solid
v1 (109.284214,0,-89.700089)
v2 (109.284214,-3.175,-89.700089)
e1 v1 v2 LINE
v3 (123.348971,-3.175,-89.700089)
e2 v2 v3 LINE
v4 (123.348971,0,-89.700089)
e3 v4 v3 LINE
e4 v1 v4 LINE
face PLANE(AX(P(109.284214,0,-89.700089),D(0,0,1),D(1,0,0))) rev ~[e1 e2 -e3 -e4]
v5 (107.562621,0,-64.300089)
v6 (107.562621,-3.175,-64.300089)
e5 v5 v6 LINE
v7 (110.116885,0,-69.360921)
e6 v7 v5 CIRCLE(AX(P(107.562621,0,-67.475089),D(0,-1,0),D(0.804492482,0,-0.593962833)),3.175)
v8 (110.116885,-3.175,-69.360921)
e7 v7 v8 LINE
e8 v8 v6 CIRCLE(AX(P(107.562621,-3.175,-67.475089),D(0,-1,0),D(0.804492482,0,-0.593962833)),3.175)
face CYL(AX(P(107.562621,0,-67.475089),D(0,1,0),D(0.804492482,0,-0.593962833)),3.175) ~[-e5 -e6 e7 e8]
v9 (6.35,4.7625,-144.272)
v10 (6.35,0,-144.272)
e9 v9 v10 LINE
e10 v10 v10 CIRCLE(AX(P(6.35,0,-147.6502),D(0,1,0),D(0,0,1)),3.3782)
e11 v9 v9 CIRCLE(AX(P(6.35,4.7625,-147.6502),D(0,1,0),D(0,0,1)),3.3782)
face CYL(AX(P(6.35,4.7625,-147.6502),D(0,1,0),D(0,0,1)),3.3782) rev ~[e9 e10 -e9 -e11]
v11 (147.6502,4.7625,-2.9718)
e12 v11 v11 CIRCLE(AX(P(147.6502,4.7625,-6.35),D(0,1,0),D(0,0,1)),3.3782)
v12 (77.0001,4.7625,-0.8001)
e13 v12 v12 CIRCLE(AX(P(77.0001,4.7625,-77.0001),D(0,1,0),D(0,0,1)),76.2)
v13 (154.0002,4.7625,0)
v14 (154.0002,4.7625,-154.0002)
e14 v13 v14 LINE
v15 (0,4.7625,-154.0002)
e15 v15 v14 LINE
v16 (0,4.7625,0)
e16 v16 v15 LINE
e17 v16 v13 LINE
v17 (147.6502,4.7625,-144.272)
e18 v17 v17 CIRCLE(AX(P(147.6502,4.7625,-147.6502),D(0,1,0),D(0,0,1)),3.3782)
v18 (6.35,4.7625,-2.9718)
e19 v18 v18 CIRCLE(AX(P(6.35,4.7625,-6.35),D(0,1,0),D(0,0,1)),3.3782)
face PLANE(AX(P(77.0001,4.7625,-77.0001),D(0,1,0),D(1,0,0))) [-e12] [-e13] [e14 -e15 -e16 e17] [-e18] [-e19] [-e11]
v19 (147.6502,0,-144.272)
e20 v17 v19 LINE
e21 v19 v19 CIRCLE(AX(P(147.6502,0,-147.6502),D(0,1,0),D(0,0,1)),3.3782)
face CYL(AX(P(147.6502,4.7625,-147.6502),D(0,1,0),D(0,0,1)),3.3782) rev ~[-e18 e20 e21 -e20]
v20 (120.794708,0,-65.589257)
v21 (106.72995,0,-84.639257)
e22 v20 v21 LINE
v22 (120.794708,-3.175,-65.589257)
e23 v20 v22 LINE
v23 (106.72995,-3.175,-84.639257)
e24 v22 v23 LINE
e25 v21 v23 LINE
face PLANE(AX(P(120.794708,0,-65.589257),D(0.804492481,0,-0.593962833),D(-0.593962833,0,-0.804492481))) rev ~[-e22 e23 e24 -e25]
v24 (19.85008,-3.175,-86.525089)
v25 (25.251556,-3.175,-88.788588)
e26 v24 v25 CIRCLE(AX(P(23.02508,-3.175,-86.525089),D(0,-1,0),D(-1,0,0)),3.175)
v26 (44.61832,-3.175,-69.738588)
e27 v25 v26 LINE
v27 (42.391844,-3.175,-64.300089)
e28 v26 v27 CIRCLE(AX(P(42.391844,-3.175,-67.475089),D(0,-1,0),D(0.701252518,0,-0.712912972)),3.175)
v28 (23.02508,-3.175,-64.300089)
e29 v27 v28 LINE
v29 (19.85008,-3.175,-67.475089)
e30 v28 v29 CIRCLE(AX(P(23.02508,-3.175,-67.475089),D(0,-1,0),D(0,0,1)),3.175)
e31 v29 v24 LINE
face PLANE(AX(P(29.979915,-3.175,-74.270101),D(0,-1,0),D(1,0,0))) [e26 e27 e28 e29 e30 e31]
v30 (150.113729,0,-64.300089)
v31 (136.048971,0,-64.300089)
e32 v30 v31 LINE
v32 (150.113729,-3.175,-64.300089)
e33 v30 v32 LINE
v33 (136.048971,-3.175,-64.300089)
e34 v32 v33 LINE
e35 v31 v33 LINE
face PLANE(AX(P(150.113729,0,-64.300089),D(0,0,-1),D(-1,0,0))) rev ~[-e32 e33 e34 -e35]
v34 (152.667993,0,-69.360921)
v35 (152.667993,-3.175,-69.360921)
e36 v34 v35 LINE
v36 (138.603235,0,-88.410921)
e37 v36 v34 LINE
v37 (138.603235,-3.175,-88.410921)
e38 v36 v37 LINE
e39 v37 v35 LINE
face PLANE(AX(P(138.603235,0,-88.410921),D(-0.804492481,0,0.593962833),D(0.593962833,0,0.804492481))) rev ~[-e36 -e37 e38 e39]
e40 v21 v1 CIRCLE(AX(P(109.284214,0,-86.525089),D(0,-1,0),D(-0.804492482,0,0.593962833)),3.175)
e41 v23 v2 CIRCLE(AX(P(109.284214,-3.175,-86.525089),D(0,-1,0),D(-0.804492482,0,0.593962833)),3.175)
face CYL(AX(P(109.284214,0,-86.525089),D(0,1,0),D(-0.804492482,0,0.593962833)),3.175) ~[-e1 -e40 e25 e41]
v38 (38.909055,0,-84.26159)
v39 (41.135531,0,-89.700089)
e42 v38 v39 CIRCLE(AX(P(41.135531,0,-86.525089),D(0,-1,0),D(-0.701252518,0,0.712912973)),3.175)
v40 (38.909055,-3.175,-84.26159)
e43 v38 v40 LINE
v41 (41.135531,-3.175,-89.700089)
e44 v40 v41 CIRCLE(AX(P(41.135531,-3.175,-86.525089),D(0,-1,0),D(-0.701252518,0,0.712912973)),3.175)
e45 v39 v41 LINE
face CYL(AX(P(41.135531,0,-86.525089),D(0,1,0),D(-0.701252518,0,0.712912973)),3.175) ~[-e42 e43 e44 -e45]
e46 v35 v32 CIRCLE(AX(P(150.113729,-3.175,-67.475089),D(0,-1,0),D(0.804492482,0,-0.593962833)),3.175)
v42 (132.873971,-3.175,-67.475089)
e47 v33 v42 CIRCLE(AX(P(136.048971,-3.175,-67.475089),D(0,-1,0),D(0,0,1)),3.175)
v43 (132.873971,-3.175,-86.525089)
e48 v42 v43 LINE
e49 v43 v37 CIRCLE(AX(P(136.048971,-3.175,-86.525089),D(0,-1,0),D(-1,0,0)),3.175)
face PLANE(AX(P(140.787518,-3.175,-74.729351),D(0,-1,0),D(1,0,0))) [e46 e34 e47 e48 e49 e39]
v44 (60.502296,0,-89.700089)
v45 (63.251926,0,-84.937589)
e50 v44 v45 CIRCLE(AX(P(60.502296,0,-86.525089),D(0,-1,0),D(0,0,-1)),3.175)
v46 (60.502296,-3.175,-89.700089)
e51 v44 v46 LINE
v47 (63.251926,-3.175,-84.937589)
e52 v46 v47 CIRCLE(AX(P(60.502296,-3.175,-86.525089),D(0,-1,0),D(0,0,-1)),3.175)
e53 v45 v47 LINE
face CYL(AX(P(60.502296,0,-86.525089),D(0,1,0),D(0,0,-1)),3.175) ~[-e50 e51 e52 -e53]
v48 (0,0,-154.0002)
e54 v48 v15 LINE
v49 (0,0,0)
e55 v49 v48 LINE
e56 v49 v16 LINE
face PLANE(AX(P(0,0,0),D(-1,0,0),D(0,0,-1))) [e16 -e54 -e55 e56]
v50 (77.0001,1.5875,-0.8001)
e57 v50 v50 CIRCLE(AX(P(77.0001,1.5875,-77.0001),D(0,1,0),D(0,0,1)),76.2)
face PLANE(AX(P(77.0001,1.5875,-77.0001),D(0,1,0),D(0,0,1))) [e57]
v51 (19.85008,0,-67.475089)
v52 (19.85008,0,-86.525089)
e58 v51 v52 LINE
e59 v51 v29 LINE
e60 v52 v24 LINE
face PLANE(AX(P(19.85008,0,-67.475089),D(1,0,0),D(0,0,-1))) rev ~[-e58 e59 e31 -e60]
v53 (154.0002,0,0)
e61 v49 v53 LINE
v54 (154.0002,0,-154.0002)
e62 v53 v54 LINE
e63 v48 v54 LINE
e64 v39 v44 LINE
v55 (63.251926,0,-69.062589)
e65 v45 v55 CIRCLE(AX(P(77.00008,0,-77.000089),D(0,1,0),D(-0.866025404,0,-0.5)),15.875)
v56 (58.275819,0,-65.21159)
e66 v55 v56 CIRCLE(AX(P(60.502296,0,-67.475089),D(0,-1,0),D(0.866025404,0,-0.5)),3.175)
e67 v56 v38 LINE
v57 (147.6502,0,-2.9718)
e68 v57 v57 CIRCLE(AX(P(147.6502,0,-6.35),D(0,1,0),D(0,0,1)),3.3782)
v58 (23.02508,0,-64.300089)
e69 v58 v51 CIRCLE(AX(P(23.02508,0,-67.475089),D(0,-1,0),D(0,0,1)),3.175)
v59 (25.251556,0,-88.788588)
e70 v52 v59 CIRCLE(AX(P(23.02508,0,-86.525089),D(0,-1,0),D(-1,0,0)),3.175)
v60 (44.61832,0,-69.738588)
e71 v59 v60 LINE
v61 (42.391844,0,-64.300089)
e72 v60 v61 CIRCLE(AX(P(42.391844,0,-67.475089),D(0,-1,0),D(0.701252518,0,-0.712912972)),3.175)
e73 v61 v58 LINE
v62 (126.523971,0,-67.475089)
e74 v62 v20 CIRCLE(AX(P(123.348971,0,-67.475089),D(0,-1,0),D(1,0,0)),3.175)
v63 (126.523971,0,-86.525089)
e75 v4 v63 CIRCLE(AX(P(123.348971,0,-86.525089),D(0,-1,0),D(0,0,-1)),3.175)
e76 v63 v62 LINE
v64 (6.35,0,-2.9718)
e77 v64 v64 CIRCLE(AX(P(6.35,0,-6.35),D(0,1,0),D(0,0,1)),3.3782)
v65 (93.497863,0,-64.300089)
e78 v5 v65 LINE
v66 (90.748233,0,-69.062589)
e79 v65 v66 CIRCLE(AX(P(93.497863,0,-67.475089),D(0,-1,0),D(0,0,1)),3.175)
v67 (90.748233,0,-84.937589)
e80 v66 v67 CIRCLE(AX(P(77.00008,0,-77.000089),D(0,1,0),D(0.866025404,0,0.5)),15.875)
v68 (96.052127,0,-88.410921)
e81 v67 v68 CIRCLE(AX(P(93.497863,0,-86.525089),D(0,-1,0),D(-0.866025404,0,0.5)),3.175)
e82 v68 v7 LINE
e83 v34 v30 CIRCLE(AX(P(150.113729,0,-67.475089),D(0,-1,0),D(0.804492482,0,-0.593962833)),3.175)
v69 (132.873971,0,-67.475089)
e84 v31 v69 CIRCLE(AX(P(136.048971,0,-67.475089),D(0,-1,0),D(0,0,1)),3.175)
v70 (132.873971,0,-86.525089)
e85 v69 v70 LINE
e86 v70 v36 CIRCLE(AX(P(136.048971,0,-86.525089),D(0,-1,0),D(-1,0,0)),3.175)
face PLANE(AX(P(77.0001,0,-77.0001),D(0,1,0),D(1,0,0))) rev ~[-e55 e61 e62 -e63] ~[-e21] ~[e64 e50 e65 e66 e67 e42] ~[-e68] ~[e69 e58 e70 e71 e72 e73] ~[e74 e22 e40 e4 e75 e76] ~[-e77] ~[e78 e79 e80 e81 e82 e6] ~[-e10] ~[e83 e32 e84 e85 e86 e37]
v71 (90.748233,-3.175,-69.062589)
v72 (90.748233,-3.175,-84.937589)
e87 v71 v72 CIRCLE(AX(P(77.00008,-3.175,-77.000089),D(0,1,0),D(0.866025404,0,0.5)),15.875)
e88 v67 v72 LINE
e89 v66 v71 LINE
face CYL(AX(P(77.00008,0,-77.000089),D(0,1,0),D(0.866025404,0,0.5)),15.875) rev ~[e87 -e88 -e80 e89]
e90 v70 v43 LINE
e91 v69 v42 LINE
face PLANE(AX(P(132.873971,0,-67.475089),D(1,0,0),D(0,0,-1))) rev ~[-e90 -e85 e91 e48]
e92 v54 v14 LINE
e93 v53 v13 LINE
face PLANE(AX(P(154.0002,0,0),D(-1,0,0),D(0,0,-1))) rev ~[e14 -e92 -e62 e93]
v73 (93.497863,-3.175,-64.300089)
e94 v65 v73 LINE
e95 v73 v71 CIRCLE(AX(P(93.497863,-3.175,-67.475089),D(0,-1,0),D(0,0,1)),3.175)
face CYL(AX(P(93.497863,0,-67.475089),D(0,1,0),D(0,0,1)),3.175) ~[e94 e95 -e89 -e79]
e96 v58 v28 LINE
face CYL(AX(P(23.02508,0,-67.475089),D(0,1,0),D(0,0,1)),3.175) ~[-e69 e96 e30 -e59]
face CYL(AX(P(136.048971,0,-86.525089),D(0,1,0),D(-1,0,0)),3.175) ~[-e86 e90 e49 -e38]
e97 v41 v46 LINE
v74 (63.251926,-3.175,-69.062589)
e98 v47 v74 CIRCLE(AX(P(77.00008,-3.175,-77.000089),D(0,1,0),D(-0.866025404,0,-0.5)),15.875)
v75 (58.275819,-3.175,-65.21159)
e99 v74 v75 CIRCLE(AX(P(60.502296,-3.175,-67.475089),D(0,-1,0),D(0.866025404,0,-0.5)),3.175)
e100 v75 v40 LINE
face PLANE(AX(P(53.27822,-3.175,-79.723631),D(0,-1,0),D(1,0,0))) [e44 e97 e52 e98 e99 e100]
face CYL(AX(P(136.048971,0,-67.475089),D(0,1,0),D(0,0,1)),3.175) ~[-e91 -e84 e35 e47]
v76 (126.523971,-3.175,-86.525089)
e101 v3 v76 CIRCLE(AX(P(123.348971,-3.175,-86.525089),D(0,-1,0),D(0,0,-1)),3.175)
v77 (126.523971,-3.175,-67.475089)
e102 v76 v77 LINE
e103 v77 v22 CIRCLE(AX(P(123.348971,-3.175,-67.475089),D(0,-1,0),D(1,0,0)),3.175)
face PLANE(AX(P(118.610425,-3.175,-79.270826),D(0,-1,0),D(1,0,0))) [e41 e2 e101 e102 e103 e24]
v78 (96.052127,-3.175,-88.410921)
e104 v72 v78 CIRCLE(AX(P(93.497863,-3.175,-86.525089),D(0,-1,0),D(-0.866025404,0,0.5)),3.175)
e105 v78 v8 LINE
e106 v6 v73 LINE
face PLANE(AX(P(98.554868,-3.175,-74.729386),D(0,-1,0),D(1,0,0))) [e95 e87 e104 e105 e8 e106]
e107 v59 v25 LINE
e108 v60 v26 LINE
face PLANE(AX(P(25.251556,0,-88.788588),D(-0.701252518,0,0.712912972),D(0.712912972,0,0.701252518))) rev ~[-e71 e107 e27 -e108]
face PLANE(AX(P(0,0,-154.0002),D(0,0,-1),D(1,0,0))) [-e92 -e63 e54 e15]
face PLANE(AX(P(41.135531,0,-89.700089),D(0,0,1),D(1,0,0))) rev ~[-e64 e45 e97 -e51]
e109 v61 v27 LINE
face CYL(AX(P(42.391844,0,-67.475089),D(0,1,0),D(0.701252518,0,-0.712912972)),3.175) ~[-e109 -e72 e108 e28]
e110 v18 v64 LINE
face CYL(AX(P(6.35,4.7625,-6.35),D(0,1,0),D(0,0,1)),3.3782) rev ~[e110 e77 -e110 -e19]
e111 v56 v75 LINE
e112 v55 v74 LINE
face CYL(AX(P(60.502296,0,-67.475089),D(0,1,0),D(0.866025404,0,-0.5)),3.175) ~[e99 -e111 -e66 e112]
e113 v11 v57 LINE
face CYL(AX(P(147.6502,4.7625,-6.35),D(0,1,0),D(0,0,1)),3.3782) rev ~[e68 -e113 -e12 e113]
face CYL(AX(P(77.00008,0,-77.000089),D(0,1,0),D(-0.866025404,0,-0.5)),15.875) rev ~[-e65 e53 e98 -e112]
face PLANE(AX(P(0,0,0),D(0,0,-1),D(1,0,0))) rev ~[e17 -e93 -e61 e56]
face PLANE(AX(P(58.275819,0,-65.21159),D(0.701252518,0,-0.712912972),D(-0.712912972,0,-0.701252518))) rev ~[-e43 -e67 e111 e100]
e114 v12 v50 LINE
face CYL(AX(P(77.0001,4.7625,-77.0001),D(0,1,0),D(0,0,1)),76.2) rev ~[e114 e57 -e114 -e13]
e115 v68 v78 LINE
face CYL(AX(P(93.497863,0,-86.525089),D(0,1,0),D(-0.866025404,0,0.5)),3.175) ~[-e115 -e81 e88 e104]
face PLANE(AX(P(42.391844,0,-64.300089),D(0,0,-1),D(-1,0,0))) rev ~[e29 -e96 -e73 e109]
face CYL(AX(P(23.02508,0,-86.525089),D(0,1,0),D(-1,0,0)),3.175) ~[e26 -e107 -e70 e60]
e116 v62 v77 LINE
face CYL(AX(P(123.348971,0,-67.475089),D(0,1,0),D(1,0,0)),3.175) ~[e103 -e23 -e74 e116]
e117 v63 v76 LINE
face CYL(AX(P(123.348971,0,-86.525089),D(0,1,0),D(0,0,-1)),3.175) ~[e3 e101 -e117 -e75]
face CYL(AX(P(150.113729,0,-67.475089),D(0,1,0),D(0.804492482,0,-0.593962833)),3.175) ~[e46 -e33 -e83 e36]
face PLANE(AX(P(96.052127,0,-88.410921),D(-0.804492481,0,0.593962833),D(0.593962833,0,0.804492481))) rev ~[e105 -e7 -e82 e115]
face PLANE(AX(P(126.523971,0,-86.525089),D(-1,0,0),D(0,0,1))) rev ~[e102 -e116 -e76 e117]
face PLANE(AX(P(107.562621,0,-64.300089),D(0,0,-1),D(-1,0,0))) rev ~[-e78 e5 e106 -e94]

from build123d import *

# Parameters (mm, degrees)
SKETCH2_W           = 154.0002
SKETCH2_H           = 154.0002
BOSS_EXTRUDE1_DEPTH = 4.7625
SKETCH4_R           = 76.2
CUT_EXTRUDE1_DEPTH  = 3.175
SKETCH5_R           = 3.3782
CUT_EXTRUDE2_DEPTH  = 218.841237158
BOSS_EXTRUDE2_DEPTH = 3.175


with BuildPart() as part:
    # Sketch2 → Boss-Extrude1 (new body)
    with BuildSketch(Plane(origin=(0, 0, 0), x_dir=(1, 0, 0), z_dir=(0, 1, 0))):
        with Locations((77.0001, 77.0001)):
            Rectangle(SKETCH2_W, SKETCH2_H)
    extrude(amount=BOSS_EXTRUDE1_DEPTH)

    # Sketch4 → Cut-Extrude1 (cut)
    with BuildSketch(Plane(origin=(0, 4.7625, 0), x_dir=(1, 0, 0), z_dir=(0, 1, 0))):
        with Locations(Location((77.0001, 77.0001, 0), (0, 0, 270))):
            Circle(SKETCH4_R)
    extrude(amount=-CUT_EXTRUDE1_DEPTH, mode=Mode.SUBTRACT)

    # Sketch5 → Cut-Extrude2 (cut, through all)
    with BuildSketch(Plane(origin=(0, 4.7625, 0), x_dir=(1, 0, 0), z_dir=(0, 1, 0))):
        with Locations(Location((6.35, 6.35, 0), (0, 0, 270))):
            Circle(SKETCH5_R)
        with Locations(Location((6.35, 147.6502, 0), (0, 0, 270))):
            Circle(SKETCH5_R)
        with Locations(Location((147.6502, 147.6502, 0), (0, 0, 270))):
            Circle(SKETCH5_R)
        with Locations(Location((147.6502, 6.35, 0), (0, 0, 270))):
            Circle(SKETCH5_R)
    extrude(amount=-CUT_EXTRUDE2_DEPTH, mode=Mode.SUBTRACT)

    # Sketch7 → Boss-Extrude2 (add)
    with BuildSketch(Plane.XZ):
        with BuildLine():
            Line((109.284213593, -89.700088814), (123.348971479, -89.700088814))
            ThreePointArc((123.348971479, -89.700088814), (125.59403551, -88.770152844), (126.523971479, -86.525088814))
            Line((126.523971479, -86.525088814), (126.523971479, -67.475088814))
            ThreePointArc((126.523971479, -67.475088814), (124.341654203, -64.459262889), (120.794707851, -65.589256818))
            Line((120.794707851, -65.589256818), (106.729949965, -84.639256818))
            ThreePointArc((106.729949965, -84.639256818), (106.449769946, -87.955667091), (109.284213593, -89.700088814))
        make_face()
        with BuildLine():
            Line((150.113729365, -64.300088814), (136.048971479, -64.300088814))
            ThreePointArc((136.048971479, -64.300088814), (133.803907449, -65.230024784), (132.873971479, -67.475088814))
            Line((132.873971479, -67.475088814), (132.873971479, -86.525088814))
            ThreePointArc((132.873971479, -86.525088814), (135.056288756, -89.540914739), (138.603235108, -88.410920809))
            Line((138.603235108, -88.410920809), (152.667992994, -69.360920809))
            ThreePointArc((152.667992994, -69.360920809), (152.948173013, -66.044510537), (150.113729365, -64.300088814))
        make_face()
        with BuildLine():
            Line((96.052127079, -88.410920809), (110.116884965, -69.360920809))
            ThreePointArc((110.116884965, -69.360920809), (110.397064984, -66.044510537), (107.562621336, -64.300088814))
            Line((107.562621336, -64.300088814), (93.49786345, -64.300088814))
            ThreePointArc((93.49786345, -64.300088814), (90.748232793, -65.887588814), (90.748232793, -69.062588814))
            ThreePointArc((90.748232793, -69.062588814), (92.875079508, -77.000088814), (90.748232793, -84.937588814))
            ThreePointArc((90.748232793, -84.937588814), (91.758452384, -89.181227768), (96.052127079, -88.410920809))
        make_face()
        with BuildLine():
            Line((25.251556253, -88.788587501), (44.618320403, -69.738587501))
            ThreePointArc((44.618320403, -69.738587501), (45.330145322, -66.272172219), (42.391843659, -64.300088814))
            Line((42.391843659, -64.300088814), (23.025079508, -64.300088814))
            ThreePointArc((23.025079508, -64.300088814), (20.780015478, -65.230024784), (19.850079508, -67.475088814))
            Line((19.850079508, -67.475088814), (19.850079508, -86.525088814))
            ThreePointArc((19.850079508, -86.525088814), (21.797976958, -89.453372327), (25.251556253, -88.788587501))
        make_face()
        with BuildLine():
            Line((58.275818822, -65.211590127), (38.909054672, -84.261590127))
            ThreePointArc((38.909054672, -84.261590127), (38.197229752, -87.728005409), (41.135531416, -89.700088814))
            Line((41.135531416, -89.700088814), (60.502295566, -89.700088814))
            ThreePointArc((60.502295566, -89.700088814), (63.251926223, -88.112588814), (63.251926223, -84.937588814))
            ThreePointArc((63.251926223, -84.937588814), (61.125079508, -77.000088814), (63.251926223, -69.062588814))
            ThreePointArc((63.251926223, -69.062588814), (62.445481153, -64.964181652), (58.275818822, -65.211590127))
        make_face()
    extrude(amount=BOSS_EXTRUDE2_DEPTH)


solid = part.part
